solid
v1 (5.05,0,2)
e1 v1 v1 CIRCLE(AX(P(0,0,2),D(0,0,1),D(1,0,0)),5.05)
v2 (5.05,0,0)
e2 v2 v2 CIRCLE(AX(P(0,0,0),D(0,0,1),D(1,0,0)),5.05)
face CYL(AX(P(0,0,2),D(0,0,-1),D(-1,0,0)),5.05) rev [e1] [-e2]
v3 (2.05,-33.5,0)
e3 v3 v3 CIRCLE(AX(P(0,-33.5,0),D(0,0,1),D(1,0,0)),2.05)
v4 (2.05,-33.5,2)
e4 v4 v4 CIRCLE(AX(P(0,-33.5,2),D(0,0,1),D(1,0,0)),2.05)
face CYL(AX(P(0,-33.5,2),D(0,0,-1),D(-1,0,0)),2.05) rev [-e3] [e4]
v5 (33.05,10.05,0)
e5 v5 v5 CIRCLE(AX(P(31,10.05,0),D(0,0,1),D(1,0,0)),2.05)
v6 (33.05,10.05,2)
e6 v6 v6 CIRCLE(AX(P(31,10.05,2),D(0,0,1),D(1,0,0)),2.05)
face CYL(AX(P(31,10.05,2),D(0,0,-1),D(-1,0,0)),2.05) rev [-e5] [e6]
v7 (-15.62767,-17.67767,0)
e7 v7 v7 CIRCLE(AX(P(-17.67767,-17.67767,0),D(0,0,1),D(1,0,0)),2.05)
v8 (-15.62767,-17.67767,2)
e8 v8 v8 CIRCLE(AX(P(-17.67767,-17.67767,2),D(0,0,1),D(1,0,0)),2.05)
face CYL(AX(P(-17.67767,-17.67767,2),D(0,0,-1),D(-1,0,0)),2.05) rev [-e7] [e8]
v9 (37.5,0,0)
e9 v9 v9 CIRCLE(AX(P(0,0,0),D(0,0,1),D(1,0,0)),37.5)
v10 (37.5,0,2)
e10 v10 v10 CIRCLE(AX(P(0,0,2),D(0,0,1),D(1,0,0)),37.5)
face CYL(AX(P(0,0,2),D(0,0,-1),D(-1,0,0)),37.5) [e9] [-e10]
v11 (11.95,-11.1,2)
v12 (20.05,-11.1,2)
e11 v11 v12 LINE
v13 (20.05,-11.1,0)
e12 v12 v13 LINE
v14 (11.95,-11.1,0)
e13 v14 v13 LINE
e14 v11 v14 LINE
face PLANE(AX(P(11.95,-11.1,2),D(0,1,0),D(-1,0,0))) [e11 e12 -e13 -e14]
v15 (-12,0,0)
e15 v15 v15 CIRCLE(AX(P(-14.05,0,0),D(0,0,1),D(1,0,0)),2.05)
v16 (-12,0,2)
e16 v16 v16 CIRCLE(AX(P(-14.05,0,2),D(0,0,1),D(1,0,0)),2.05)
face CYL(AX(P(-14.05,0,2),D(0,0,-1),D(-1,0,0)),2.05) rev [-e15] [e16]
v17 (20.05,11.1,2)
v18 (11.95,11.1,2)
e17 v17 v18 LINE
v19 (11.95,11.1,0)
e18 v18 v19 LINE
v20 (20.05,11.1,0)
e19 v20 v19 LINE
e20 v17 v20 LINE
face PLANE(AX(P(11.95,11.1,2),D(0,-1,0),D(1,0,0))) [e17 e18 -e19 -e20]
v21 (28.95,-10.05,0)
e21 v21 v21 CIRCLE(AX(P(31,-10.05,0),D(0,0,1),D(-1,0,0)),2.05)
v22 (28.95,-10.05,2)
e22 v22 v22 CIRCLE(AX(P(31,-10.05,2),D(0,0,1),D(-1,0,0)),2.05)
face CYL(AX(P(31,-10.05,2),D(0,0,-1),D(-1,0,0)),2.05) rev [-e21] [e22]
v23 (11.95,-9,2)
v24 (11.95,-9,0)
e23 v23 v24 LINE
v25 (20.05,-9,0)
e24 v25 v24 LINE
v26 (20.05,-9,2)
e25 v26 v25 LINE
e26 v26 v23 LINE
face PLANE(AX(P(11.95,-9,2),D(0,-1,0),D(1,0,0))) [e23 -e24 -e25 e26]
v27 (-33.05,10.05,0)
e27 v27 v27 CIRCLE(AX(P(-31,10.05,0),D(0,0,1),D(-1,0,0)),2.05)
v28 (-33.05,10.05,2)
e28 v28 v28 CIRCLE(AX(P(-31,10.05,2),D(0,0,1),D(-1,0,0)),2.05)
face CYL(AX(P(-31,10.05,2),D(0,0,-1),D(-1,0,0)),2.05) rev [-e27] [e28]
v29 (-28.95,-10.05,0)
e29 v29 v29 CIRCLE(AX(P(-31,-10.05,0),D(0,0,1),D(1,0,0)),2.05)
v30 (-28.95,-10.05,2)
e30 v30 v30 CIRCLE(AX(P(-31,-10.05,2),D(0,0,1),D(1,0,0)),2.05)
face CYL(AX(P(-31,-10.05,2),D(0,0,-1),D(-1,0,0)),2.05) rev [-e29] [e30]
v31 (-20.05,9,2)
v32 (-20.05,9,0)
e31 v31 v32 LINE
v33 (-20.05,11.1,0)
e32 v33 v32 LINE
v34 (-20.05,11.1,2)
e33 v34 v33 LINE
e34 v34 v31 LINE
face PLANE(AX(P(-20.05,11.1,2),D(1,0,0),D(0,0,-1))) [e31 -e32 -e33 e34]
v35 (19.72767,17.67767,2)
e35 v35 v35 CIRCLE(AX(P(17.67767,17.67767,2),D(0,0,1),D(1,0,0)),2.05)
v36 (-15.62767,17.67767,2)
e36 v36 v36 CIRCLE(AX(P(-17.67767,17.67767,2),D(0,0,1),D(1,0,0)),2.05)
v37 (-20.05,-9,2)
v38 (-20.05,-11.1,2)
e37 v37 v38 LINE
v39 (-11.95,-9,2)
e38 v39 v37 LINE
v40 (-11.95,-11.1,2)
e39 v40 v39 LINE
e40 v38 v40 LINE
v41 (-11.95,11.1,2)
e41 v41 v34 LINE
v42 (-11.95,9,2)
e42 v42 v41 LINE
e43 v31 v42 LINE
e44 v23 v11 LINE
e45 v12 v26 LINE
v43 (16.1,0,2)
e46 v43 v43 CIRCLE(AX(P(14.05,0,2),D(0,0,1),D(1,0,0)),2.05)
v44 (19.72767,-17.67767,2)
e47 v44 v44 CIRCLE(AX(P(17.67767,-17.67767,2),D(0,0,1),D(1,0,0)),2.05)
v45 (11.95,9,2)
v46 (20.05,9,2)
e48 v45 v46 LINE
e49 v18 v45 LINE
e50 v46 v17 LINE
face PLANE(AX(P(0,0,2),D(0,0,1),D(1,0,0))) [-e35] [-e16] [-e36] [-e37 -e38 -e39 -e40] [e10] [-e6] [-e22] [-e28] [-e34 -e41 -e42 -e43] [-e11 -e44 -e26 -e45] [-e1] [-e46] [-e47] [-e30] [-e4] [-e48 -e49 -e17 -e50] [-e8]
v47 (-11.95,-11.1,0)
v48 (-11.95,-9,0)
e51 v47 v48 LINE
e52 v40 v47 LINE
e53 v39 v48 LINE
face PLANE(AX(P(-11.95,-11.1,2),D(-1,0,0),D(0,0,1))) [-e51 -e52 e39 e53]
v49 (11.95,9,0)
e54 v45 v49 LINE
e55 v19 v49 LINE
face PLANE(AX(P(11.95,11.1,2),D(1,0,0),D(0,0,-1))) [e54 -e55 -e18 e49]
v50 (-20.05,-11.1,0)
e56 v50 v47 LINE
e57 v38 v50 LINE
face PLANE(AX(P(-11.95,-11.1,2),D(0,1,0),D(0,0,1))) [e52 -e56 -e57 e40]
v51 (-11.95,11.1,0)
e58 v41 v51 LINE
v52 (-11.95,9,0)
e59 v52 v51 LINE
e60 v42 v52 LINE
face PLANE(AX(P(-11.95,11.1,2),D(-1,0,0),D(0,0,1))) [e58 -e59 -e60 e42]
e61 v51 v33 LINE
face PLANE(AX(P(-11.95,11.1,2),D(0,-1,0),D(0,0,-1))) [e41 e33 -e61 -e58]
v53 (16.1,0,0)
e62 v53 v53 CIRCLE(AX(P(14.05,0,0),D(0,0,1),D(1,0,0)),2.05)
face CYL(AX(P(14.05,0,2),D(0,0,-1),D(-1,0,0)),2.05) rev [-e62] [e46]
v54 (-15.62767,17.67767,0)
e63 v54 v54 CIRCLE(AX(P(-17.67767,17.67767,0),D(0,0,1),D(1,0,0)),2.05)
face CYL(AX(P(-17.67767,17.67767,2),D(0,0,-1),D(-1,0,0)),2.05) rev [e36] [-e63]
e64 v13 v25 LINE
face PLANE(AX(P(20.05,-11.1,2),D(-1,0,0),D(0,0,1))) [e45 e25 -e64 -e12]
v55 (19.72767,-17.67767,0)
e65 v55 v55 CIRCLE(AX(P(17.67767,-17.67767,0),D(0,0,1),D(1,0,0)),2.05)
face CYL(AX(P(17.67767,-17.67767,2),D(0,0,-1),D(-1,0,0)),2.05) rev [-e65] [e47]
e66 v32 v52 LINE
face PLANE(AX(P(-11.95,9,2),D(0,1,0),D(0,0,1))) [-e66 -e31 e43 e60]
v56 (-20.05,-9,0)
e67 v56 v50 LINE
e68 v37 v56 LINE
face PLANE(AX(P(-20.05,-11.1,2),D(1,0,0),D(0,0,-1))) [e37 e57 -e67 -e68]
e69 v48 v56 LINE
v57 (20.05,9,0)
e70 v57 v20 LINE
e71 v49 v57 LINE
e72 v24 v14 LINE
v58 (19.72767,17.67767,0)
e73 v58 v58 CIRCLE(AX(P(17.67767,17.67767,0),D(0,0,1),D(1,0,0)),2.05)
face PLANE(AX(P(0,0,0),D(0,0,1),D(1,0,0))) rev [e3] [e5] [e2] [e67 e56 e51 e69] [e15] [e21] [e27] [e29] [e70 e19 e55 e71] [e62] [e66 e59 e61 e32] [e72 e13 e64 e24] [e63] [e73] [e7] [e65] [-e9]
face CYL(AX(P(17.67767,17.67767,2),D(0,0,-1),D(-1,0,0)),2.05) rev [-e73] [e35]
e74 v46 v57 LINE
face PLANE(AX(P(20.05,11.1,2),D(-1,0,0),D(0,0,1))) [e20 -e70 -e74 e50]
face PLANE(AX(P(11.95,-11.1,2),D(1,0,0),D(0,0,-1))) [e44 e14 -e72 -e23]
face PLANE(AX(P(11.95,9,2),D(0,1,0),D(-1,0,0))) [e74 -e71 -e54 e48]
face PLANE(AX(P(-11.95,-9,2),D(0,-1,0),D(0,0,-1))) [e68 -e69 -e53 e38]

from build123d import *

# Parameters (mm, degrees)
SKETCH_1_R      = 37.5
SKETCH_1_R_2    = 5.05
SKETCH_1_R_3    = 2.05
SKETCH_1_W      = 8.1
SKETCH_1_H      = 2.1
EXTRUDE_1_DEPTH = 2


with BuildPart() as part:
    # 草图1 → 凸台-拉伸1 (new body)
    with BuildSketch(Plane.XY):
        Circle(SKETCH_1_R)
        Circle(SKETCH_1_R_2, mode=Mode.SUBTRACT)
        with Locations((-17.67766953, -17.67766953)):
            Circle(SKETCH_1_R_3, mode=Mode.SUBTRACT)
        with Locations((-17.67766953, 17.67766953)):
            Circle(SKETCH_1_R_3, mode=Mode.SUBTRACT)
        with Locations((17.67766953, 17.67766953)):
            Circle(SKETCH_1_R_3, mode=Mode.SUBTRACT)
        with Locations((17.67766953, -17.67766953)):
            Circle(SKETCH_1_R_3, mode=Mode.SUBTRACT)
        with Locations((-31, -10.05)):
            Circle(SKETCH_1_R_3, mode=Mode.SUBTRACT)
        with Locations(Location((-31, 10.05, 0), (0, 0, 180))):
            Circle(SKETCH_1_R_3, mode=Mode.SUBTRACT)
        with Locations((31, 10.05)):
            Circle(SKETCH_1_R_3, mode=Mode.SUBTRACT)
        with Locations(Location((31, -10.05, 0), (0, 0, 180))):
            Circle(SKETCH_1_R_3, mode=Mode.SUBTRACT)
        with Locations((14.05, 0)):
            Circle(SKETCH_1_R_3, mode=Mode.SUBTRACT)
        with Locations((-14.05, 0)):
            Circle(SKETCH_1_R_3, mode=Mode.SUBTRACT)
        with Locations((0, -33.5)):
            Circle(SKETCH_1_R_3, mode=Mode.SUBTRACT)
        with Locations((16, -10.05)):
            Rectangle(SKETCH_1_W, SKETCH_1_H, mode=Mode.SUBTRACT)
        with Locations((16, 10.05)):
            Rectangle(SKETCH_1_W, SKETCH_1_H, mode=Mode.SUBTRACT)
        with Locations((-16, 10.05)):
            Rectangle(SKETCH_1_W, SKETCH_1_H, mode=Mode.SUBTRACT)
        with Locations((-16, -10.05)):
            Rectangle(SKETCH_1_W, SKETCH_1_H, mode=Mode.SUBTRACT)
    extrude(amount=EXTRUDE_1_DEPTH)


solid = part.part
